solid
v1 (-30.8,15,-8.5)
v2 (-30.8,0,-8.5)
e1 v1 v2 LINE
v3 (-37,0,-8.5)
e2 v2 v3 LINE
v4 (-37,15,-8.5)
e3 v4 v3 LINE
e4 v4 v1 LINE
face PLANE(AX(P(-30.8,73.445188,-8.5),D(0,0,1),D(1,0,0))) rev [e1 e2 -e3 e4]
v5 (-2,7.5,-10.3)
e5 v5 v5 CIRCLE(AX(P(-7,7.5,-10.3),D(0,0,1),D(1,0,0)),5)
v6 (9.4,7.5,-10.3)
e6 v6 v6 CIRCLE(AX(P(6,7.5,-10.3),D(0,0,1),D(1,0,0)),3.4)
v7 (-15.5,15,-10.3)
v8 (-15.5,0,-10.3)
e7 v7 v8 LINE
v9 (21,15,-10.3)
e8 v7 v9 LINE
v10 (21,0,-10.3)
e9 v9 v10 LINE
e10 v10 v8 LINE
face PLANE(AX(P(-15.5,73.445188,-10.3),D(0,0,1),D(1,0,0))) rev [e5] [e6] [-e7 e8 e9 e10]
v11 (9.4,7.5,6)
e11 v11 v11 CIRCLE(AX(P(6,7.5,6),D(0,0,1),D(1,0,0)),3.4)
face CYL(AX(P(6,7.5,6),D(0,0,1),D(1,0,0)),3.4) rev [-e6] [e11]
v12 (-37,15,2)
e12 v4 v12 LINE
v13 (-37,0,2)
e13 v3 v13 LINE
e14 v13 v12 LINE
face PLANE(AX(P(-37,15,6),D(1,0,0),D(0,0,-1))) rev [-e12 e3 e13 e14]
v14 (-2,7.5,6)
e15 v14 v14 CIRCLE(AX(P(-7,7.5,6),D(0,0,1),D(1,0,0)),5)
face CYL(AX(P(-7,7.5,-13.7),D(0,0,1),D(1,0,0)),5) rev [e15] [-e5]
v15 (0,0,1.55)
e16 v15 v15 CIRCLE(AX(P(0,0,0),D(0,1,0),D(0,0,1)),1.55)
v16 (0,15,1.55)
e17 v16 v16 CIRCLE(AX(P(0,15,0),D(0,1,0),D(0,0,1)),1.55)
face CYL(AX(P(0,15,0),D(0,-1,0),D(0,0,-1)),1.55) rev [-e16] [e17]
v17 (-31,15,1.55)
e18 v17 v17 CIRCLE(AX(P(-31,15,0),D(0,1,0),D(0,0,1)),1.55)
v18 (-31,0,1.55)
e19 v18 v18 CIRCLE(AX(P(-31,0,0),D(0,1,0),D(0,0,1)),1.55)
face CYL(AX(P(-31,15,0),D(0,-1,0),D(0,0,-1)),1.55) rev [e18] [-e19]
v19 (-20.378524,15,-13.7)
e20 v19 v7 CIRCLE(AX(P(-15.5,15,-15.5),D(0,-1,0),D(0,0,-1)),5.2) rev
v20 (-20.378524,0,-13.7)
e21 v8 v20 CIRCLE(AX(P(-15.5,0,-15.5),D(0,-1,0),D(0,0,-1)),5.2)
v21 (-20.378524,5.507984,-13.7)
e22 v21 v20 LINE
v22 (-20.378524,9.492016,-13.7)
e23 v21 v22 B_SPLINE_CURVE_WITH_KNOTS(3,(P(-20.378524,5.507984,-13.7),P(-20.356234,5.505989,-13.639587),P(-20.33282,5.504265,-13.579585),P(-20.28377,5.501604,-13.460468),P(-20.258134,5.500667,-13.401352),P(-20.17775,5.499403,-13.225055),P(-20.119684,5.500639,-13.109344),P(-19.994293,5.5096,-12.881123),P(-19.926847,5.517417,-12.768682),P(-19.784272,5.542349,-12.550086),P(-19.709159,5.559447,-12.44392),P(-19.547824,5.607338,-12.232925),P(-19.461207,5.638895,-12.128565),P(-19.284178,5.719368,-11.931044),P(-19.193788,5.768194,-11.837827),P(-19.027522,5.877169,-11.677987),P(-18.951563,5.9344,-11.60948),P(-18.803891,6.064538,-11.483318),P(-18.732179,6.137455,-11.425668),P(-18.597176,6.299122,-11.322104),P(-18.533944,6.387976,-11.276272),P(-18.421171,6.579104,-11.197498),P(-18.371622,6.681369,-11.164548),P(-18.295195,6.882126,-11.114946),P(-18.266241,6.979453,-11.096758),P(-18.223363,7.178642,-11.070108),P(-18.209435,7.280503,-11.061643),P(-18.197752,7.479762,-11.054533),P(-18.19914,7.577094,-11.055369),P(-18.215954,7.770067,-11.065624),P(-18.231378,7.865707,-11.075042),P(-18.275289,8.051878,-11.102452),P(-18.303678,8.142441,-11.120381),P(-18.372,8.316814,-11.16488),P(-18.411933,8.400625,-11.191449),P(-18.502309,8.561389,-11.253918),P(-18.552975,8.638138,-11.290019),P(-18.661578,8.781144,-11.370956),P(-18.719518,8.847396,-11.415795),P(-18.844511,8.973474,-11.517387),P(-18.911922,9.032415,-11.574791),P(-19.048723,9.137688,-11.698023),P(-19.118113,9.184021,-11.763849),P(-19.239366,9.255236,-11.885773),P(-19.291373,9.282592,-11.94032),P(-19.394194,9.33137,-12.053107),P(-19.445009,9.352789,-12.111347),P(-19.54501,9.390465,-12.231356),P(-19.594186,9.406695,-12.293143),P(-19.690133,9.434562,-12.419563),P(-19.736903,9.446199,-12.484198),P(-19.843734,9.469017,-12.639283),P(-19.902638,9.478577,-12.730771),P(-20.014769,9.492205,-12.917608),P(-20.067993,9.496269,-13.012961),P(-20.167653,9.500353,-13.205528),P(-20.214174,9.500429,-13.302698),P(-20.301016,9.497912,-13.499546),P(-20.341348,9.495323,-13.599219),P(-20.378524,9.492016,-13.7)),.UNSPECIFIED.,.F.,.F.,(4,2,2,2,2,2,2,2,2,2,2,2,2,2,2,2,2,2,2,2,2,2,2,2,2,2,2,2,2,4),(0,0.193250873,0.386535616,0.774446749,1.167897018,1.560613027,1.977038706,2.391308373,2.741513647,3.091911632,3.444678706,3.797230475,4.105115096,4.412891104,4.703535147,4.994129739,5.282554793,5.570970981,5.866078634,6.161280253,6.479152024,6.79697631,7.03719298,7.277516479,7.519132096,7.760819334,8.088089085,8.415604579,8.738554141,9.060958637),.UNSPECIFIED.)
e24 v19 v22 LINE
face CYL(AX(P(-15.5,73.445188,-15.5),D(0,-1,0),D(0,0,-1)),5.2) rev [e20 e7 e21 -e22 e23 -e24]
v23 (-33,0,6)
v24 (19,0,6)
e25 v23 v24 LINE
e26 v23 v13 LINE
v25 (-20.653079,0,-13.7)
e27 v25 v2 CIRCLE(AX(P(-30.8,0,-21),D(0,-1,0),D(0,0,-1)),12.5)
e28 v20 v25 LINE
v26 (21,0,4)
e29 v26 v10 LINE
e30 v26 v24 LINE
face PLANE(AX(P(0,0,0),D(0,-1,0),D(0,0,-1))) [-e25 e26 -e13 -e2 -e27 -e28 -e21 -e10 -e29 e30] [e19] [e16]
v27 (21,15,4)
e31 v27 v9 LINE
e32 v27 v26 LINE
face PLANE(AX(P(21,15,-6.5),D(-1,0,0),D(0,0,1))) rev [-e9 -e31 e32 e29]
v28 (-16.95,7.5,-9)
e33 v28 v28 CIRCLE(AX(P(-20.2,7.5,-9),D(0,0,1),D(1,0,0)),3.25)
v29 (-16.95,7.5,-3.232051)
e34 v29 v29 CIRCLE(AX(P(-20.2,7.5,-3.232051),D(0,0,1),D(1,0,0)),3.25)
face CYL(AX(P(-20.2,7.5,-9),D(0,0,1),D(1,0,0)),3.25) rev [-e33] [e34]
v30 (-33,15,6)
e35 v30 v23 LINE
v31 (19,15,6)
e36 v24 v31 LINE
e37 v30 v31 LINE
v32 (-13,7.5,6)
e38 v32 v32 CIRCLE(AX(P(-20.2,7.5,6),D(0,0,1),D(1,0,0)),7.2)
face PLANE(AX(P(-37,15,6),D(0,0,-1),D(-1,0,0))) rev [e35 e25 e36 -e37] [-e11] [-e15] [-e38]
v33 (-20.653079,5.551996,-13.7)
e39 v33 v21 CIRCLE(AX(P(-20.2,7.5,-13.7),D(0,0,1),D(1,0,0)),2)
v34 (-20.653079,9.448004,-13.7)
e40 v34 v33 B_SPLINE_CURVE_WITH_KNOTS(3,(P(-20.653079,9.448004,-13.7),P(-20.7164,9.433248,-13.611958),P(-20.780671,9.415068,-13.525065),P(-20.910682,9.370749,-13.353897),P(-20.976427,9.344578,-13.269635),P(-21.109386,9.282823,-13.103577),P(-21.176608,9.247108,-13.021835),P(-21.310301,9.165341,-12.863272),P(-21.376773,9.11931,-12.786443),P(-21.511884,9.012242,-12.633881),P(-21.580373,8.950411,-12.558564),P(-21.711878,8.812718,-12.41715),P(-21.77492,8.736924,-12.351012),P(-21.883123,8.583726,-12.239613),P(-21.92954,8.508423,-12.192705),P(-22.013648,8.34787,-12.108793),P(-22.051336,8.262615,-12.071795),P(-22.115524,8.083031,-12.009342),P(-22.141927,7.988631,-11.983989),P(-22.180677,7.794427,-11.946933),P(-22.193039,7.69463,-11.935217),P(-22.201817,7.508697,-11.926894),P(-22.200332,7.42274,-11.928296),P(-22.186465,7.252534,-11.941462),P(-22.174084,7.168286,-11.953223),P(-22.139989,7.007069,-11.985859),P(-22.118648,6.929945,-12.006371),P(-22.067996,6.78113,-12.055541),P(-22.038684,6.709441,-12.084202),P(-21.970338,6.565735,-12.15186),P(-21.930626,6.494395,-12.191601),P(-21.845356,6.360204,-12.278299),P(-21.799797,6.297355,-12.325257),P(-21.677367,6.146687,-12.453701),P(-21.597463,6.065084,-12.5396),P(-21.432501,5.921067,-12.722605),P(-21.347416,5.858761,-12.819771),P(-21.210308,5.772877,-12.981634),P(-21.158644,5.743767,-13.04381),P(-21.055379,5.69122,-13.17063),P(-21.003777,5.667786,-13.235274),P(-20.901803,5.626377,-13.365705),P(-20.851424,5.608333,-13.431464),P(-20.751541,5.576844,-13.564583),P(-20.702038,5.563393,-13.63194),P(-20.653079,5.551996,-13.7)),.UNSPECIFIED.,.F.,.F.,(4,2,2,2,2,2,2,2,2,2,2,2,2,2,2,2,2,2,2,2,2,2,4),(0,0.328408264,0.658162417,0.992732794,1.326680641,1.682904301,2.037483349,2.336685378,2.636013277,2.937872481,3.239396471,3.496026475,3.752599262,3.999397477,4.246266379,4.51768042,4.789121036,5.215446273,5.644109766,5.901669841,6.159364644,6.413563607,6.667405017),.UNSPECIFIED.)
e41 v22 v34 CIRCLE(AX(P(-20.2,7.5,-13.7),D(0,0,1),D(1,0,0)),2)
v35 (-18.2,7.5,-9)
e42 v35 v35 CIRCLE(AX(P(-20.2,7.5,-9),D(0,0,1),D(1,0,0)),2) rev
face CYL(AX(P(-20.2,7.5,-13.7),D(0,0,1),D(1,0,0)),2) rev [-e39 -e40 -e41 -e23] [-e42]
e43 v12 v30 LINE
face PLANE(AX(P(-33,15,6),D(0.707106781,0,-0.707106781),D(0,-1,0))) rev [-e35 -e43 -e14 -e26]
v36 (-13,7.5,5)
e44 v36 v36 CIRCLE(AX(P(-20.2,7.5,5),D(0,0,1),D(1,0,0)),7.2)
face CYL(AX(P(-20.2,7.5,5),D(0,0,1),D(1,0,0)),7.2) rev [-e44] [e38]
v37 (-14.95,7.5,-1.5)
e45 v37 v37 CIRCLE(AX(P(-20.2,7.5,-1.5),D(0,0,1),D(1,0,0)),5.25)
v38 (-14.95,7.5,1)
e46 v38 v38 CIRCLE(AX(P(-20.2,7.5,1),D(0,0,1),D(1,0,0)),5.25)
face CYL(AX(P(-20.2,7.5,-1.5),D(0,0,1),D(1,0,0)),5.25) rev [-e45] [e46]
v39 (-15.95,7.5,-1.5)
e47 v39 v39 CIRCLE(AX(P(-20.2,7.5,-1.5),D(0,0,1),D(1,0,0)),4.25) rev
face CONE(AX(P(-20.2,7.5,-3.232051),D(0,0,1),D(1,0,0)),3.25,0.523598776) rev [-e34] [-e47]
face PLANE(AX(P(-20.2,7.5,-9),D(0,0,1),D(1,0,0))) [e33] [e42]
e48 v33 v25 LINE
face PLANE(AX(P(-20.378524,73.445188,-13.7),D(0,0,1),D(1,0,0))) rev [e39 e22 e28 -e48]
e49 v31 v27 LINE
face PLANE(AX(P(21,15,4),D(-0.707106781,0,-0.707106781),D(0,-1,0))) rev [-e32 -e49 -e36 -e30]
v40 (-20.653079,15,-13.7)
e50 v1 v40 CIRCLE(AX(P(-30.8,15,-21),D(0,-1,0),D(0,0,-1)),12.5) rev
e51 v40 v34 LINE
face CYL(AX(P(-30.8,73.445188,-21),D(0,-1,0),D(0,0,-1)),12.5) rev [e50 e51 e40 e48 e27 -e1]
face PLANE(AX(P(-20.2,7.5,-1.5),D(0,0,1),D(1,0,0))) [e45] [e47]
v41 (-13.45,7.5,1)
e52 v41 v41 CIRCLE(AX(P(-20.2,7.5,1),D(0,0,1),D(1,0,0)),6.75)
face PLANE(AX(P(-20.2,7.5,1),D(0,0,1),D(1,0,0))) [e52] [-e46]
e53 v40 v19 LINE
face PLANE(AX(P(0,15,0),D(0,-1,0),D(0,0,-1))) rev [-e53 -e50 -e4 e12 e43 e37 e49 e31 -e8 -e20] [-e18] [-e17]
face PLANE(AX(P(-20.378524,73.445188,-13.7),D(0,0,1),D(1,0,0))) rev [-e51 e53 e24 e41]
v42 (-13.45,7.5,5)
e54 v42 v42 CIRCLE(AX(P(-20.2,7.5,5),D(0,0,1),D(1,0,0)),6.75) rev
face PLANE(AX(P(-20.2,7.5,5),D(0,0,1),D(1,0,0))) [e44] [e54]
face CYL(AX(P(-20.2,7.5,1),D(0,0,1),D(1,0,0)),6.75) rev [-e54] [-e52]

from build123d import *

# Parameters (mm, degrees)
CROQUIS1_W              = 58
CROQUIS1_H              = 12.5
CROQUIS1_R              = 1.55
SALIENTE_EXTRUIR1_DEPTH = 15
SALIENTE_EXTRUIR2_DEPTH = 15
CROQUIS2_R              = 2
CORTAR_EXTRUIR1_DEPTH   = 45.520669357
CROQUIS24_R             = 6.75
CORTAR_EXTRUIR10_DEPTH  = 5
CROQUIS25_R             = 5.25
CORTAR_EXTRUIR11_DEPTH  = 2.5
CROQUIS26_R             = 3.25
CORTAR_EXTRUIR12_DEPTH  = 7.5
TALADRO_ROSCADO_M81_D   = 6.8
CHAFL_N1_SIZE           = 4
CHAFL_N2_SIZE           = 2
CROQUIS34_R             = 5
CORTAR_EXTRUIR13_DEPTH  = 45.520669435
CHAFL_N3_SIZE           = 1
CHAFL_N3_SIZE2          = 1.732050808
CROQUIS35_R             = 7.2
CORTAR_EXTRUIR14_DEPTH  = 1


with BuildPart() as part:
    # Croquis1 → Saliente-Extruir1 (new body)
    with BuildSketch(Plane(origin=(0, 0, 0), x_dir=(1, 0, 0), z_dir=(0, 1, 0))):
        with Locations((-8, 0.25)):
            Rectangle(CROQUIS1_W, CROQUIS1_H)
        with Locations(Location((0, 0, 0), (0, 0, 270))):
            Circle(CROQUIS1_R, mode=Mode.SUBTRACT)
        with Locations(Location((-31, 0, 0), (0, 0, 270))):
            Circle(CROQUIS1_R, mode=Mode.SUBTRACT)
    extrude(amount=SALIENTE_EXTRUIR1_DEPTH)

    # Croquis5 → Saliente-Extruir2 (add)
    with BuildSketch(Plane(origin=(0, 0, 0), x_dir=(1, 0, 0), z_dir=(0, 1, 0))):
        with BuildLine():
            Line((21, 6.5), (21, 10.3))
            Line((21, 10.3), (-15.5, 10.3))
            ThreePointArc((-15.5, 10.3), (-18.473213749, 11.233854198), (-20.378524367, 13.7))
            Line((-20.378524367, 13.7), (-20.653079285, 13.7))
            ThreePointArc((-20.653079285, 13.7), (-25.099122875, 9.875702269), (-30.8, 8.5))
            Line((-30.8, 8.5), (-37, 8.5))
            Line((-37, 8.5), (-37, 6.5))
            Line((-37, 6.5), (21, 6.5))
        make_face()
    extrude(amount=SALIENTE_EXTRUIR2_DEPTH)

    # Croquis2 → Cortar-Extruir1 (cut, through all)
    with BuildSketch(Plane.XY.offset(6)):
        with Locations((-20.2, 7.5)):
            Circle(CROQUIS2_R)
    extrude(amount=-CORTAR_EXTRUIR1_DEPTH, mode=Mode.SUBTRACT)

    # Croquis24 → Cortar-Extruir10 (cut)
    with BuildSketch(Plane.XY.offset(6)):
        with Locations((-20.2, 7.5)):
            Circle(CROQUIS24_R)
    extrude(amount=-CORTAR_EXTRUIR10_DEPTH, mode=Mode.SUBTRACT)

    # Croquis25 → Cortar-Extruir11 (cut)
    with BuildSketch(Plane.XY.offset(1)):
        with Locations((-20.2, 7.5)):
            Circle(CROQUIS25_R)
    extrude(amount=-CORTAR_EXTRUIR11_DEPTH, mode=Mode.SUBTRACT)

    # Croquis26 → Cortar-Extruir12 (cut)
    with BuildSketch(Plane.XY.offset(-1.5)):
        with Locations((-20.2, 7.5)):
            Circle(CROQUIS26_R)
    extrude(amount=-CORTAR_EXTRUIR12_DEPTH, mode=Mode.SUBTRACT)

    # Taladro roscado M81 (through all)
    with Locations(Plane.XY.offset(6)):
        with Locations((6, 7.5)):
            Hole(TALADRO_ROSCADO_M81_D / 2)

    # Chaflán1
    chafl_n1_edges = [part.edges().sort_by_distance(p)[0] for p in [
        (-37, 7.5, 6),
    ]]
    chamfer(chafl_n1_edges, length=CHAFL_N1_SIZE)

    # Chaflán2
    chafl_n2_edges = [part.edges().sort_by_distance(p)[0] for p in [
        (21, 7.5, 6),
    ]]
    chamfer(chafl_n2_edges, length=CHAFL_N2_SIZE)

    # Croquis34 → Cortar-Extruir13 (cut, through all)
    with BuildSketch(Plane.XY.offset(6)):
        with Locations((-7, 7.5)):
            Circle(CROQUIS34_R)
    extrude(amount=-CORTAR_EXTRUIR13_DEPTH, mode=Mode.SUBTRACT)

    # Chaflán3
    chafl_n3_edges = [part.edges().sort_by_distance(p)[0] for p in [
        (-23.45, 7.5, -1.5),
    ]]
    chafl_n3_side = [part.faces().sort_by_distance(p)[0] for p in [
        (-25.301507576, 7.5, -1.5),
    ]]
    chamfer(chafl_n3_edges, length=CHAFL_N3_SIZE, length2=CHAFL_N3_SIZE2, reference=chafl_n3_side[0])

    # Croquis35 → Cortar-Extruir14 (cut)
    with BuildSketch(Plane.XY.offset(6)):
        with Locations((-20.2, 7.5)):
            Circle(CROQUIS35_R)
    extrude(amount=-CORTAR_EXTRUIR14_DEPTH, mode=Mode.SUBTRACT)


solid = part.part
